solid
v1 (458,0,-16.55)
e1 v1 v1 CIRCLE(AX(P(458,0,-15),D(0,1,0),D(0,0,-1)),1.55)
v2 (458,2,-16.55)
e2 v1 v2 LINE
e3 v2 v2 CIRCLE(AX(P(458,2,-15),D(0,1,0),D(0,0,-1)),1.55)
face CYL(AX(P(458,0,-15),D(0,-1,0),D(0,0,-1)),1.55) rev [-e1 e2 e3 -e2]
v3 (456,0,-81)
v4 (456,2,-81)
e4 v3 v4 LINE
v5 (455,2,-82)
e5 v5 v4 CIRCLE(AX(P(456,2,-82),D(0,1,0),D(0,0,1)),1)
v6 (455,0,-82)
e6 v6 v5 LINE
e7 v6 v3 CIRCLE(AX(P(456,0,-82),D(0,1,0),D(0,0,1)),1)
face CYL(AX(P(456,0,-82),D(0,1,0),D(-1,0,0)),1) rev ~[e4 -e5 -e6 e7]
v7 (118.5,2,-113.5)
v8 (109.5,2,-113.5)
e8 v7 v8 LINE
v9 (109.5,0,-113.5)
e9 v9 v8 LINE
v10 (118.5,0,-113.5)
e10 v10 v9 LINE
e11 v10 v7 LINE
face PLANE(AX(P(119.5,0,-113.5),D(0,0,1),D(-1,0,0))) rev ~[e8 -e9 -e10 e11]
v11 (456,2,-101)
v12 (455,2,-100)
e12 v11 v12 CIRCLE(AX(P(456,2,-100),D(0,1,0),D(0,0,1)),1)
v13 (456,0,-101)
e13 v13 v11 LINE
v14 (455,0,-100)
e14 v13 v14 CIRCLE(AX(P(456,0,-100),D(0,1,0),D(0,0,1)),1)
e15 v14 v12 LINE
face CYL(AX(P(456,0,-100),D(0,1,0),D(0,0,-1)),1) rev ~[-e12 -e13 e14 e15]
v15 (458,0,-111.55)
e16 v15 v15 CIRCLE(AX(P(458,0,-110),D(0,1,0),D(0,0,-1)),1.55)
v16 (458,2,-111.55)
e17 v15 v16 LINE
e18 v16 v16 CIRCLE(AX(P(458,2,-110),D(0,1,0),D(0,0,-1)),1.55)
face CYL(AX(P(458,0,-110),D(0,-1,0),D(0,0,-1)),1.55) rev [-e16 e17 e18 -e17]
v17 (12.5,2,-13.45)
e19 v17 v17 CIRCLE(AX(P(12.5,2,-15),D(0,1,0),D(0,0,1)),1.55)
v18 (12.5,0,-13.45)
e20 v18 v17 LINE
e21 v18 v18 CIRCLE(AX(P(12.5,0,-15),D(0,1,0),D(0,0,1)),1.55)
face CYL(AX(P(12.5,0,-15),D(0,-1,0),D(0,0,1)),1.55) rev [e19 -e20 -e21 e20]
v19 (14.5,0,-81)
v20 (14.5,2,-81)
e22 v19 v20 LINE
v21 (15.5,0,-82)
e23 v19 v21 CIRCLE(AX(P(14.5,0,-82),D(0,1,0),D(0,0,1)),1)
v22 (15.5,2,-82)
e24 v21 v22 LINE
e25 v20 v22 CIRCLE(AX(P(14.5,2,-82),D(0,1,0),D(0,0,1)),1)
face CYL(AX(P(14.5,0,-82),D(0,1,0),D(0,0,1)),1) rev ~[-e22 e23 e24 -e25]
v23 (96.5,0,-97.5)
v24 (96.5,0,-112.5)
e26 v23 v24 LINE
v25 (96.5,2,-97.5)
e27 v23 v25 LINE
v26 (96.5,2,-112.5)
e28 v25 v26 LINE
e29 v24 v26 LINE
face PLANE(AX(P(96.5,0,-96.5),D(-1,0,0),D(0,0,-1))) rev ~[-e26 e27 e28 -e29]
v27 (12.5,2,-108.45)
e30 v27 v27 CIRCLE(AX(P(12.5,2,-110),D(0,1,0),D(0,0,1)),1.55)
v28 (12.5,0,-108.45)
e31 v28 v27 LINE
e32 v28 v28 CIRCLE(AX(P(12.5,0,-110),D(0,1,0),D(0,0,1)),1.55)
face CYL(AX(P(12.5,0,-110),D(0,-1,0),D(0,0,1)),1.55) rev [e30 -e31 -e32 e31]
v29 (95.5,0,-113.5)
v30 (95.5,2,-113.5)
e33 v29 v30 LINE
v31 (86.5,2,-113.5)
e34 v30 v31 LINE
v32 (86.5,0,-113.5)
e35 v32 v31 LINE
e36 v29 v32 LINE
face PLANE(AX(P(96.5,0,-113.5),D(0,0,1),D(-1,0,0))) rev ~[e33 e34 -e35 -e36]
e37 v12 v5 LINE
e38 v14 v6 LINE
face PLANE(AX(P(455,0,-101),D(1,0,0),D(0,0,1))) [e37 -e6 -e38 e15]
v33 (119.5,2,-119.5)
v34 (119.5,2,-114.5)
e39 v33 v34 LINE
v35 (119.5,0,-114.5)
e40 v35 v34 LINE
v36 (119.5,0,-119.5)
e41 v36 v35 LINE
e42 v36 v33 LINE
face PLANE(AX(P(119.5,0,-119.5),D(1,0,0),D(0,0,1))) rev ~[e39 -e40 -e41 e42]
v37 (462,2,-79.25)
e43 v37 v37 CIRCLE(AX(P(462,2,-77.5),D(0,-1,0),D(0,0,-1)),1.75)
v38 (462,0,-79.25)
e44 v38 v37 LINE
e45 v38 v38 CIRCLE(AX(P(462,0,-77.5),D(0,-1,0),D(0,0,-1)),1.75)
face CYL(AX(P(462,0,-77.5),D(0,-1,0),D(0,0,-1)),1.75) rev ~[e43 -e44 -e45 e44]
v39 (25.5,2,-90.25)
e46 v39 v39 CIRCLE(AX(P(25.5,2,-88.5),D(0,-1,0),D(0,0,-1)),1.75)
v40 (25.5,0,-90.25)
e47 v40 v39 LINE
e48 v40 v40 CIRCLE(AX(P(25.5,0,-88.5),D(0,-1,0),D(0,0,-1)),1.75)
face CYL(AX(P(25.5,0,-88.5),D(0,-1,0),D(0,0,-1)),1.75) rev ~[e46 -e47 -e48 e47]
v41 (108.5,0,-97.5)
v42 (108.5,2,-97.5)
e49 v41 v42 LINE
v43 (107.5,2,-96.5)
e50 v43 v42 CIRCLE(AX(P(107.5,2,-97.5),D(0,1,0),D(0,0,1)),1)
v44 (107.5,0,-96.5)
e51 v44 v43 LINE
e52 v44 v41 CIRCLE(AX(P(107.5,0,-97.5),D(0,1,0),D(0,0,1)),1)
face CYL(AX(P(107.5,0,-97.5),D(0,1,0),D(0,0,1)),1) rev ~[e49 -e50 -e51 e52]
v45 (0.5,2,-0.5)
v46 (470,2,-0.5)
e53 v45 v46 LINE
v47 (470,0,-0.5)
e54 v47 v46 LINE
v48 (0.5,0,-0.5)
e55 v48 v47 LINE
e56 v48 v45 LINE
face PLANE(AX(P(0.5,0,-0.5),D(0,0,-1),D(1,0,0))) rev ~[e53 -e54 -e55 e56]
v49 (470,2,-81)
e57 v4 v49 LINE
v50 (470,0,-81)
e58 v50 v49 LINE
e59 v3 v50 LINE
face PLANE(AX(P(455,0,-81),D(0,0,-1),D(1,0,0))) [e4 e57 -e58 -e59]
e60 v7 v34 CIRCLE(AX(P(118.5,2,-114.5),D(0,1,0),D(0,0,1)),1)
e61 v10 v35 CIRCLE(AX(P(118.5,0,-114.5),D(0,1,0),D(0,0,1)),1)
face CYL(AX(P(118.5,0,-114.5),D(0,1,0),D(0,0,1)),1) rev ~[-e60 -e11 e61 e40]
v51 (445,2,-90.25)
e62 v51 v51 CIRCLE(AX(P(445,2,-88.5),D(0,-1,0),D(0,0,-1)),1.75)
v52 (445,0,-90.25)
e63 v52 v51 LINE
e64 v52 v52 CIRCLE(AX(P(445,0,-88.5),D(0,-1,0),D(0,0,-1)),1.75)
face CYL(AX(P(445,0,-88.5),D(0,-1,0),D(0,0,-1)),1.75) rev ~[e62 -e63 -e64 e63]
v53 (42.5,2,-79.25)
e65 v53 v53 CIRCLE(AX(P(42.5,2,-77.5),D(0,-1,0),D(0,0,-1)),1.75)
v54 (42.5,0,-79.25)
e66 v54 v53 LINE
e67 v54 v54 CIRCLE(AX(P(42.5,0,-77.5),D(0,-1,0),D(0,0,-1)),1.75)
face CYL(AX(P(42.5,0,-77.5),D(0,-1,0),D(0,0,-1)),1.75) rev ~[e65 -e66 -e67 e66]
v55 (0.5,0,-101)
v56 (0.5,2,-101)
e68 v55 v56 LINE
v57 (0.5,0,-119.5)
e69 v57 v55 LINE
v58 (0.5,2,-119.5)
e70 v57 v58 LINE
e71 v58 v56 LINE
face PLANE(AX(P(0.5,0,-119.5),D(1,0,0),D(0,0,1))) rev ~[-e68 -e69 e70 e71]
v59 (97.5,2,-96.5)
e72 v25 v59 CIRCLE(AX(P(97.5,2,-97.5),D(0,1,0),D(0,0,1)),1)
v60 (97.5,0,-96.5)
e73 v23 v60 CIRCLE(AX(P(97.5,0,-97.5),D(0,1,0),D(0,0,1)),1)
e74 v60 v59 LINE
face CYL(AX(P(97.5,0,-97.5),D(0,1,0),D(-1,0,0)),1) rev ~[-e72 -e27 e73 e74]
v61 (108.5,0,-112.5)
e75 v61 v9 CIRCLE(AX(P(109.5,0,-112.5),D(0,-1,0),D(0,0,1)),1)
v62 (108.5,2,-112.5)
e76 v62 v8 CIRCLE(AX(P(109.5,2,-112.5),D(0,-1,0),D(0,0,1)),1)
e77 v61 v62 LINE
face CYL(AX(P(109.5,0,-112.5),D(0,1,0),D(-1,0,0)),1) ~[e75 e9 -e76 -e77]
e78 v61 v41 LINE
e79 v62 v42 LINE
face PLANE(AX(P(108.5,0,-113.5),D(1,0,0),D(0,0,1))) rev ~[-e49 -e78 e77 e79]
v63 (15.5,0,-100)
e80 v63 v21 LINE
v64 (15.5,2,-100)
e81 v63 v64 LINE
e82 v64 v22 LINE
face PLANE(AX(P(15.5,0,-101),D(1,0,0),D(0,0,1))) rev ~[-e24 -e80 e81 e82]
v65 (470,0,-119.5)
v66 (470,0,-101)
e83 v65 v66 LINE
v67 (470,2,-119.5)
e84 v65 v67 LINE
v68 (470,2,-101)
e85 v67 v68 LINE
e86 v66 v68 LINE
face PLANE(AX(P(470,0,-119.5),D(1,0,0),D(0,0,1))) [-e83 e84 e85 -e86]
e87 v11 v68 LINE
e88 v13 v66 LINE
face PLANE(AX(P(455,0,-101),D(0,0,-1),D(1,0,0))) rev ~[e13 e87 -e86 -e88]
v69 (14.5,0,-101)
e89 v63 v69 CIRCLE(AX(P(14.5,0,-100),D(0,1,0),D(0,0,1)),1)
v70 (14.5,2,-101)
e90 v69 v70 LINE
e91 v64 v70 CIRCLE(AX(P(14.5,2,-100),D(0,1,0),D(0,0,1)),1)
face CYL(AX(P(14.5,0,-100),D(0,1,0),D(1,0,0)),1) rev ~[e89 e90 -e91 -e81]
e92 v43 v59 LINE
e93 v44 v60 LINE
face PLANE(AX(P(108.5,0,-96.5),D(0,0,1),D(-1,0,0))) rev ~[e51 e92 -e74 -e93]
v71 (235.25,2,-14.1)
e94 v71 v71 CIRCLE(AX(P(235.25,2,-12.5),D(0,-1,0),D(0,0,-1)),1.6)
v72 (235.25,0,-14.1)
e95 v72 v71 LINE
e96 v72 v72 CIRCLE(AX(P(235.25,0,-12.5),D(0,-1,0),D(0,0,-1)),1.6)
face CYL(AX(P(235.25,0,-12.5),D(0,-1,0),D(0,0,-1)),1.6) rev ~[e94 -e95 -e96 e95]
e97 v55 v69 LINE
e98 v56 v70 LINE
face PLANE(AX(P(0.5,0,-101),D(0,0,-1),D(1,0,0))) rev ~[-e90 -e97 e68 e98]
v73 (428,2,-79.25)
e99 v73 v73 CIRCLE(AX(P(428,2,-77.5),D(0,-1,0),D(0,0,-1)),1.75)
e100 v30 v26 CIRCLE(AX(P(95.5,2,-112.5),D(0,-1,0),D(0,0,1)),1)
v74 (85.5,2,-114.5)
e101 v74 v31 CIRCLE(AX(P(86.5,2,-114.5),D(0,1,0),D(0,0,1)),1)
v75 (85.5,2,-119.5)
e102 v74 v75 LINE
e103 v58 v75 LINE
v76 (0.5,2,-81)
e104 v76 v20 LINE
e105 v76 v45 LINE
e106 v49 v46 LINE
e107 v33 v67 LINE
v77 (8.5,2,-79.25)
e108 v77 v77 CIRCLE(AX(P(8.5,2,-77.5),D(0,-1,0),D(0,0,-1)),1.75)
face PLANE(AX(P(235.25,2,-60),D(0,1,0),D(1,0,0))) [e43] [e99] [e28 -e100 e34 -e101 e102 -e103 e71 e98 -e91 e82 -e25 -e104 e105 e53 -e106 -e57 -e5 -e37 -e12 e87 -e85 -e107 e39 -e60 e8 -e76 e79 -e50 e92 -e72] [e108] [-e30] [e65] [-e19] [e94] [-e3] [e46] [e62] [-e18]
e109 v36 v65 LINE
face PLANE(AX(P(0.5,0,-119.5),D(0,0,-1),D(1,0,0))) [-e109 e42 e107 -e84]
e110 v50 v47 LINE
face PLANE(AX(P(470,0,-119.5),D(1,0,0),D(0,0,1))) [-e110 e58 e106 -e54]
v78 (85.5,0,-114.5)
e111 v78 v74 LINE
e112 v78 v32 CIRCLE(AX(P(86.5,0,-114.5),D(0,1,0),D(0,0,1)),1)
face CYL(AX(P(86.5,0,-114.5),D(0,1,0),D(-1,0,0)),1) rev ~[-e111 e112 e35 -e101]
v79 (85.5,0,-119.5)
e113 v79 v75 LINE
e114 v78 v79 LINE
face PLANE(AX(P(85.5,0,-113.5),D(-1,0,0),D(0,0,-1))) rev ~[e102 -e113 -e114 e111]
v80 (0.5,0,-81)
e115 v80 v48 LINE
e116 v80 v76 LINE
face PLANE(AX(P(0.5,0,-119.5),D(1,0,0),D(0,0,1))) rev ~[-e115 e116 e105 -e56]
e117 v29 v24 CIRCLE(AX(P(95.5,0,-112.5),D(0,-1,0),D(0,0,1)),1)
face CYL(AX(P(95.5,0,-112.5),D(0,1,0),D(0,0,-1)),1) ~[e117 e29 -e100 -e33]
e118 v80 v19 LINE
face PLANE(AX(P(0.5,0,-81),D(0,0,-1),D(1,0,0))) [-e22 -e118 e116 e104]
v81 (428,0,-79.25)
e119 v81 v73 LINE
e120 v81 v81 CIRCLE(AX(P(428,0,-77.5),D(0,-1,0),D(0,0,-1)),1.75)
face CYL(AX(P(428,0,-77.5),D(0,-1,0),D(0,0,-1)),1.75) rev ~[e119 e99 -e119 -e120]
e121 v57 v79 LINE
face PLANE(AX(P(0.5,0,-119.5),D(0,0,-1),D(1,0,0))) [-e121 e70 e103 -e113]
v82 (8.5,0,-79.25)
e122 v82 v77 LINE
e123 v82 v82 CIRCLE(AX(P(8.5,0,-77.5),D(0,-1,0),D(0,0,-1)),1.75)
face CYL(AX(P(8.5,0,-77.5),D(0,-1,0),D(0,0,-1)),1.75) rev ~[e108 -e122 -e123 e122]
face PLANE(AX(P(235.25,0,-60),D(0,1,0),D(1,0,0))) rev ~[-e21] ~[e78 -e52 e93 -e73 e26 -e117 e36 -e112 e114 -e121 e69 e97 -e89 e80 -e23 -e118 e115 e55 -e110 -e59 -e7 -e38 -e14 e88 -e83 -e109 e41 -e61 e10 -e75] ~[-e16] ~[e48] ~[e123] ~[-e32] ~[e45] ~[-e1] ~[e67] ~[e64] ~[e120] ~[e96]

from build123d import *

# Parameters (mm, degrees)
CROQUIS1_W              = 470.5
CROQUIS1_H              = 120
CROQUIS1_R              = 1.55
SALIENTE_EXTRUIR1_DEPTH = 2
CROQUIS2_W              = 470.5
CROQUIS2_H              = 120
CROQUIS2_W_2            = 469.5
CROQUIS2_H_2            = 119
CORTAR_EXTRUIR1_DEPTH   = 2
CORTAR_EXTRUIR2_DEPTH   = 2
REDONDEO1_R             = 1
CROQUIS4_R              = 1.6
CORTAR_EXTRUIR3_DEPTH   = 2
CROQUIS5_R              = 1.75
CORTAR_EXTRUIR4_DEPTH   = 2
CROQUIS6_W              = 15
CROQUIS6_H              = 20
CORTAR_EXTRUIR5_DEPTH   = 2
REDONDEO2_R             = 1


with BuildPart() as part:
    # Croquis1 → Saliente-Extruir1 (new body)
    with BuildSketch(Plane(origin=(0, 0, 0), x_dir=(1, 0, 0), z_dir=(0, 1, 0))):
        with Locations((235.25, 60)):
            Rectangle(CROQUIS1_W, CROQUIS1_H)
        with Locations(Location((12.5, 15, 0), (0, 0, 270))):
            Circle(CROQUIS1_R, mode=Mode.SUBTRACT)
        with Locations(Location((12.5, 110, 0), (0, 0, 270))):
            Circle(CROQUIS1_R, mode=Mode.SUBTRACT)
        with Locations(Location((458, 15, 0), (0, 0, 90))):
            Circle(CROQUIS1_R, mode=Mode.SUBTRACT)
        with Locations(Location((458, 110, 0), (0, 0, 90))):
            Circle(CROQUIS1_R, mode=Mode.SUBTRACT)
    extrude(amount=SALIENTE_EXTRUIR1_DEPTH)

    # Croquis2 → Cortar-Extruir1 (cut)
    with BuildSketch(Plane.XZ):
        with Locations((235.25, -60)):
            Rectangle(CROQUIS2_W, CROQUIS2_H)
        with Locations((235.25, -60)):
            Rectangle(CROQUIS2_W_2, CROQUIS2_H_2, mode=Mode.SUBTRACT)
    extrude(amount=-CORTAR_EXTRUIR1_DEPTH, mode=Mode.SUBTRACT)

    # Croquis3 → Cortar-Extruir2 (cut)
    with BuildSketch(Plane.XZ):
        Polygon((85.5, -119.5), (119.5, -119.5), (119.5, -113.5), (108.5, -113.5), (108.5, -96.5), (96.5, -96.5), (96.5, -113.5), (85.5, -113.5), align=None)
    extrude(amount=-CORTAR_EXTRUIR2_DEPTH, mode=Mode.SUBTRACT)

    # Redondeo1
    redondeo1_edges = [part.edges().sort_by_distance(p)[0] for p in [
        (85.5, 1, -113.5),
        (96.5, 1, -113.5),
        (96.5, 1, -96.5),
        (108.5, 1, -96.5),
        (108.5, 1, -113.5),
        (119.5, 1, -113.5),
    ]]
    fillet(redondeo1_edges, radius=REDONDEO1_R)

    # Croquis4 → Cortar-Extruir3 (cut)
    with BuildSketch(Plane.XZ):
        with Locations(Location((235.25, -12.5, 0), (0, 0, 270))):
            Circle(CROQUIS4_R)
    extrude(amount=-CORTAR_EXTRUIR3_DEPTH, mode=Mode.SUBTRACT)

    # Croquis5 → Cortar-Extruir4 (cut)
    with BuildSketch(Plane.XZ):
        with Locations(Location((8.5, -77.5, 0), (0, 0, 270))):
            Circle(CROQUIS5_R)
        with Locations(Location((42.5, -77.5, 0), (0, 0, 270))):
            Circle(CROQUIS5_R)
        with Locations(Location((25.5, -88.5, 0), (0, 0, 270))):
            Circle(CROQUIS5_R)
        with Locations(Location((462, -77.5, 0), (0, 0, 270))):
            Circle(CROQUIS5_R)
        with Locations(Location((428, -77.5, 0), (0, 0, 270))):
            Circle(CROQUIS5_R)
        with Locations(Location((445, -88.5, 0), (0, 0, 270))):
            Circle(CROQUIS5_R)
    extrude(amount=-CORTAR_EXTRUIR4_DEPTH, mode=Mode.SUBTRACT)

    # Croquis6 → Cortar-Extruir5 (cut)
    with BuildSketch(Plane.XZ):
        with Locations((8, -91)):
            Rectangle(CROQUIS6_W, CROQUIS6_H)
        with Locations((462.5, -91)):
            Rectangle(CROQUIS6_W, CROQUIS6_H)
    extrude(amount=-CORTAR_EXTRUIR5_DEPTH, mode=Mode.SUBTRACT)

    # Redondeo2
    redondeo2_edges = [part.edges().sort_by_distance(p)[0] for p in [
        (15.5, 1, -81),
        (15.5, 1, -101),
        (455, 1, -81),
        (455, 1, -101),
    ]]
    fillet(redondeo2_edges, radius=REDONDEO2_R)


solid = part.part
